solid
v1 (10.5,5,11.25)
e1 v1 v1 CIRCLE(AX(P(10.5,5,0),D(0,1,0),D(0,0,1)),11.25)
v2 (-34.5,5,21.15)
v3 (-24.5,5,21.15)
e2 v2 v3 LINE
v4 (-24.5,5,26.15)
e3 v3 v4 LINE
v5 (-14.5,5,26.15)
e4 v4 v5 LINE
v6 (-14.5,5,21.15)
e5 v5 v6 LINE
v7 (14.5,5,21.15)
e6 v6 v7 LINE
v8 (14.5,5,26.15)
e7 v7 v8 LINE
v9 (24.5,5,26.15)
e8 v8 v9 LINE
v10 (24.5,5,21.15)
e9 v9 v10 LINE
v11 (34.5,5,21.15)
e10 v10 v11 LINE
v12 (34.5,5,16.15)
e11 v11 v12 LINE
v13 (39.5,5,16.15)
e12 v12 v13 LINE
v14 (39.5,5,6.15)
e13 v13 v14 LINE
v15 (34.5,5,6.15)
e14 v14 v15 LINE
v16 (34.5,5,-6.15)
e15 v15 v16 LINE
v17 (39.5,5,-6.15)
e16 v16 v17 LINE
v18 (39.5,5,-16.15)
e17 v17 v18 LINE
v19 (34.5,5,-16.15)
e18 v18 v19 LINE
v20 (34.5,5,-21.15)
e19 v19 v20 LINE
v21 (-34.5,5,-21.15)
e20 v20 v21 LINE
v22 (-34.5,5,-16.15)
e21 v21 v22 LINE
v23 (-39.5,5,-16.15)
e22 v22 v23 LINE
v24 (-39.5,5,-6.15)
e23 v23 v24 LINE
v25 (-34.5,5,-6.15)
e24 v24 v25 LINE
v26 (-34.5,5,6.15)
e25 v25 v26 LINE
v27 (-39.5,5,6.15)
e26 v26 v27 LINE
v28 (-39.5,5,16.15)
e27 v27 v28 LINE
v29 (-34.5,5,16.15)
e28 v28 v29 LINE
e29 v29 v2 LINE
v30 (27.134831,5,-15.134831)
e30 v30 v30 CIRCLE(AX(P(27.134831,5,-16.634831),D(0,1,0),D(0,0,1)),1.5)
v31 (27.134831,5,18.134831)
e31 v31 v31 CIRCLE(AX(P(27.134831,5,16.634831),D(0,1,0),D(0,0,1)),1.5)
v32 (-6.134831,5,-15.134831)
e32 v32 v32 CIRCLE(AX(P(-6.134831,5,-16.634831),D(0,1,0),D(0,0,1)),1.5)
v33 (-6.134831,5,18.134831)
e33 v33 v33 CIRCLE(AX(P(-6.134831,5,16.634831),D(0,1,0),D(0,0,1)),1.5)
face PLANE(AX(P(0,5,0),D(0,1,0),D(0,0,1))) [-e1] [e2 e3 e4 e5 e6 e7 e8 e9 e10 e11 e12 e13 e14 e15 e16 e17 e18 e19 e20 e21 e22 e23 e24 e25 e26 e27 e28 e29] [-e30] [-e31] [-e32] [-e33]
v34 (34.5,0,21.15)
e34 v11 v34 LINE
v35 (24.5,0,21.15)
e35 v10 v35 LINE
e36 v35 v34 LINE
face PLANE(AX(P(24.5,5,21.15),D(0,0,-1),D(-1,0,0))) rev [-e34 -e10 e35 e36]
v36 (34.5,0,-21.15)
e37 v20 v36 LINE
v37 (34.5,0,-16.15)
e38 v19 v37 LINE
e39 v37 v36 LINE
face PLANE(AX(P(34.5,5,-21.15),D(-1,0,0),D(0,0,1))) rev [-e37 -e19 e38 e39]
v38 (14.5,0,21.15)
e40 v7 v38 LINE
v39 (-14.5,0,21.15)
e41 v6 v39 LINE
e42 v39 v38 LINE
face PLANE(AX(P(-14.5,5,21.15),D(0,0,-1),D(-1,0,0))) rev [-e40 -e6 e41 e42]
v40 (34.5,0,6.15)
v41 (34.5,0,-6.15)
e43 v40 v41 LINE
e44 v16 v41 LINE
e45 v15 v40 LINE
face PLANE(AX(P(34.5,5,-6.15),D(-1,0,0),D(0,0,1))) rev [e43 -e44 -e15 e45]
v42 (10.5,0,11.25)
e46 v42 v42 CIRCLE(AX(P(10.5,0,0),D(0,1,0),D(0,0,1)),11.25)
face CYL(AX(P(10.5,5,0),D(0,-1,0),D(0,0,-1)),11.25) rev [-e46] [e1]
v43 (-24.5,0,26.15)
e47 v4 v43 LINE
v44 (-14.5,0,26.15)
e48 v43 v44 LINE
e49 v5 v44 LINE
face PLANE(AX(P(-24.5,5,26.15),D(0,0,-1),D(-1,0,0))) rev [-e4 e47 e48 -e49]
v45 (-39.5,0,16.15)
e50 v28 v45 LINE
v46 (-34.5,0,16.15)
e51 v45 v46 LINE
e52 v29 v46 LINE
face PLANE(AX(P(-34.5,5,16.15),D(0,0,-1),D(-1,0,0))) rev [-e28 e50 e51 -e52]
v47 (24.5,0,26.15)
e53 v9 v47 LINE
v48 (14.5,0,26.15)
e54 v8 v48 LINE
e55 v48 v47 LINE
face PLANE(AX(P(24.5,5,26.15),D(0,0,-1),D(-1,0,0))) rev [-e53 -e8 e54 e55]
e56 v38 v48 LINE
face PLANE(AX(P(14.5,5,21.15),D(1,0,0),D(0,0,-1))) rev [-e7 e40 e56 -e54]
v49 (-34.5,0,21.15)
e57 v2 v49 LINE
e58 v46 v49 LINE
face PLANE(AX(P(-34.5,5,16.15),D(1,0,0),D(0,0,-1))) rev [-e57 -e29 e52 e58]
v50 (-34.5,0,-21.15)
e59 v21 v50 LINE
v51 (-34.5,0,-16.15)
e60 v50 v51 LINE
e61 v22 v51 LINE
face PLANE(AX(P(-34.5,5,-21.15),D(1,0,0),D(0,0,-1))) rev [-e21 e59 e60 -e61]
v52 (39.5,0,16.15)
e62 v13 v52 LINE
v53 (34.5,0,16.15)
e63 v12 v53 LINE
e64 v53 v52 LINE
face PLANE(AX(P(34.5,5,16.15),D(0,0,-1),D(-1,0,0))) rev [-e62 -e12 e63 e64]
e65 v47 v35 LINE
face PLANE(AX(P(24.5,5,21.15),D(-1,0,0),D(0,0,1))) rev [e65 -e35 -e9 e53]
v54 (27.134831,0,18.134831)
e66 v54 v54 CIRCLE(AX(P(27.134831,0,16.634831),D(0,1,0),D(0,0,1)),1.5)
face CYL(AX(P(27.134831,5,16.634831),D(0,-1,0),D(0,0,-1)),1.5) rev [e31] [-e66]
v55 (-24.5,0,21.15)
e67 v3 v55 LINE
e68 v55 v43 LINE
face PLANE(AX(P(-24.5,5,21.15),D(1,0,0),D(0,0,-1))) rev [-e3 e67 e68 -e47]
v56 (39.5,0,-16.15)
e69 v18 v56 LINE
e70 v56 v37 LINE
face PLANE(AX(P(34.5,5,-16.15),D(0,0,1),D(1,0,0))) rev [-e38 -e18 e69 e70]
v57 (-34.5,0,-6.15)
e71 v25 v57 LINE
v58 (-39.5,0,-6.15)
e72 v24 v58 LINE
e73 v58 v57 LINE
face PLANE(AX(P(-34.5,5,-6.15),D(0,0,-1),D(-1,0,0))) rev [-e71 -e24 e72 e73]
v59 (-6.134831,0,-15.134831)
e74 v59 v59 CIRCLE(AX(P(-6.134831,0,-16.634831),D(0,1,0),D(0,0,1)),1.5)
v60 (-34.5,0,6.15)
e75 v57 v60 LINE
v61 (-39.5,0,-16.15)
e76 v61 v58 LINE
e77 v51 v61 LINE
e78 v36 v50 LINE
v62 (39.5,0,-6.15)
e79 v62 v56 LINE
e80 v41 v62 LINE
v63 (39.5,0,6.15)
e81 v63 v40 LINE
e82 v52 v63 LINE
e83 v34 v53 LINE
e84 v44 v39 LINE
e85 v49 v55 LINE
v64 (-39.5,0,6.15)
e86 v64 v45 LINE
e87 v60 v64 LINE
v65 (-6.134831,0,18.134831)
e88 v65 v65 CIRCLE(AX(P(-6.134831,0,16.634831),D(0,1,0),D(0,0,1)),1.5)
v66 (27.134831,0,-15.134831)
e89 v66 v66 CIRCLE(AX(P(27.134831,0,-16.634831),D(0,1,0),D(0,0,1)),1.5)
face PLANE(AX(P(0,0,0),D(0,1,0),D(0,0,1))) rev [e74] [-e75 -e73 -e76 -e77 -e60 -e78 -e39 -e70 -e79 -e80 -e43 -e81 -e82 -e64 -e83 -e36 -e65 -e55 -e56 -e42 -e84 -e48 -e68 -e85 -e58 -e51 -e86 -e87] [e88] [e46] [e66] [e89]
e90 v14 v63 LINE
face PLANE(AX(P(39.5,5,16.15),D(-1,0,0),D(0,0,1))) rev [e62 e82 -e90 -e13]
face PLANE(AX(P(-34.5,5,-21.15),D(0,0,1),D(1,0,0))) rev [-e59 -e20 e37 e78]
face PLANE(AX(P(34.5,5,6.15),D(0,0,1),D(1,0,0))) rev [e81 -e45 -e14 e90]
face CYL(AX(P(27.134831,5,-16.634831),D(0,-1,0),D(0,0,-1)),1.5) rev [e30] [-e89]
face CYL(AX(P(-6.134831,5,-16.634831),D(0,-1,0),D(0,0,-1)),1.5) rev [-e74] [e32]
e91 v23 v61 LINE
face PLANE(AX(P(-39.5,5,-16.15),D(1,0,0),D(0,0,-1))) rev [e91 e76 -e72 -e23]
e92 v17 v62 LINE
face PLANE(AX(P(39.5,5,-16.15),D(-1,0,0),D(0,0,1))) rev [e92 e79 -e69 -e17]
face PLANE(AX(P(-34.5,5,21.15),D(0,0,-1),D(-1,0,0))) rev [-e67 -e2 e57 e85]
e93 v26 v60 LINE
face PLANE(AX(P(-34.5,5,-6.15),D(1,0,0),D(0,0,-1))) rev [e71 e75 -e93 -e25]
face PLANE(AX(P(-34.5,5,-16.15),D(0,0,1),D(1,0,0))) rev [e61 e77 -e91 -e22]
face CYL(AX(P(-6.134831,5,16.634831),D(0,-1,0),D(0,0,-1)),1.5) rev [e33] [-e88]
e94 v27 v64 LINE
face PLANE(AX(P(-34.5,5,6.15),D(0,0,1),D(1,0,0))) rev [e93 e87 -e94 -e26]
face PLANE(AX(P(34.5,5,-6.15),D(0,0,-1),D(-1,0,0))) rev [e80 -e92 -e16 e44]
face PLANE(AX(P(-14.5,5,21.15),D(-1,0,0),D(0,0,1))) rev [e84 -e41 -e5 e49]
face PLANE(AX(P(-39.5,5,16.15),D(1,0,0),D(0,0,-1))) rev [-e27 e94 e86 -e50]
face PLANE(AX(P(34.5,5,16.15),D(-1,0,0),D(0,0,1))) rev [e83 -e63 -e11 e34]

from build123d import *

# Parameters (mm, degrees)
SKETCH_1_R      = 11.25
SKETCH_1_R_2    = 1.5
EXTRUDE_1_DEPTH = 5


with BuildPart() as part:
    # 草图1 → 凸台-拉伸1 (new body)
    with BuildSketch(Plane(origin=(0, 0, 0), x_dir=(1, 0, 0), z_dir=(0, 1, 0))):
        Polygon((-34.5, 21.15), (34.5, 21.15), (34.5, 16.15), (39.5, 16.15), (39.5, 6.15), (34.5, 6.15), (34.5, -6.15), (39.5, -6.15), (39.5, -16.15), (34.5, -16.15), (34.5, -21.15), (24.5, -21.15), (24.5, -26.15), (14.5, -26.15), (14.5, -21.15), (-14.5, -21.15), (-14.5, -26.15), (-24.5, -26.15), (-24.5, -21.15), (-34.5, -21.15), (-34.5, -16.15), (-39.5, -16.15), (-39.5, -6.15), (-34.5, -6.15), (-34.5, 6.15), (-39.5, 6.15), (-39.5, 16.15), (-34.5, 16.15), align=None)
        with Locations(Location((10.5, 0, 0), (0, 0, 270))):
            Circle(SKETCH_1_R, mode=Mode.SUBTRACT)
        with Locations(Location((-6.134831461, 16.634831461, 0), (0, 0, 270))):
            Circle(SKETCH_1_R_2, mode=Mode.SUBTRACT)
        with Locations(Location((27.134831461, 16.634831461, 0), (0, 0, 270))):
            Circle(SKETCH_1_R_2, mode=Mode.SUBTRACT)
        with Locations(Location((-6.134831461, -16.634831461, 0), (0, 0, 270))):
            Circle(SKETCH_1_R_2, mode=Mode.SUBTRACT)
        with Locations(Location((27.134831461, -16.634831461, 0), (0, 0, 270))):
            Circle(SKETCH_1_R_2, mode=Mode.SUBTRACT)
    extrude(amount=EXTRUDE_1_DEPTH)


solid = part.part
